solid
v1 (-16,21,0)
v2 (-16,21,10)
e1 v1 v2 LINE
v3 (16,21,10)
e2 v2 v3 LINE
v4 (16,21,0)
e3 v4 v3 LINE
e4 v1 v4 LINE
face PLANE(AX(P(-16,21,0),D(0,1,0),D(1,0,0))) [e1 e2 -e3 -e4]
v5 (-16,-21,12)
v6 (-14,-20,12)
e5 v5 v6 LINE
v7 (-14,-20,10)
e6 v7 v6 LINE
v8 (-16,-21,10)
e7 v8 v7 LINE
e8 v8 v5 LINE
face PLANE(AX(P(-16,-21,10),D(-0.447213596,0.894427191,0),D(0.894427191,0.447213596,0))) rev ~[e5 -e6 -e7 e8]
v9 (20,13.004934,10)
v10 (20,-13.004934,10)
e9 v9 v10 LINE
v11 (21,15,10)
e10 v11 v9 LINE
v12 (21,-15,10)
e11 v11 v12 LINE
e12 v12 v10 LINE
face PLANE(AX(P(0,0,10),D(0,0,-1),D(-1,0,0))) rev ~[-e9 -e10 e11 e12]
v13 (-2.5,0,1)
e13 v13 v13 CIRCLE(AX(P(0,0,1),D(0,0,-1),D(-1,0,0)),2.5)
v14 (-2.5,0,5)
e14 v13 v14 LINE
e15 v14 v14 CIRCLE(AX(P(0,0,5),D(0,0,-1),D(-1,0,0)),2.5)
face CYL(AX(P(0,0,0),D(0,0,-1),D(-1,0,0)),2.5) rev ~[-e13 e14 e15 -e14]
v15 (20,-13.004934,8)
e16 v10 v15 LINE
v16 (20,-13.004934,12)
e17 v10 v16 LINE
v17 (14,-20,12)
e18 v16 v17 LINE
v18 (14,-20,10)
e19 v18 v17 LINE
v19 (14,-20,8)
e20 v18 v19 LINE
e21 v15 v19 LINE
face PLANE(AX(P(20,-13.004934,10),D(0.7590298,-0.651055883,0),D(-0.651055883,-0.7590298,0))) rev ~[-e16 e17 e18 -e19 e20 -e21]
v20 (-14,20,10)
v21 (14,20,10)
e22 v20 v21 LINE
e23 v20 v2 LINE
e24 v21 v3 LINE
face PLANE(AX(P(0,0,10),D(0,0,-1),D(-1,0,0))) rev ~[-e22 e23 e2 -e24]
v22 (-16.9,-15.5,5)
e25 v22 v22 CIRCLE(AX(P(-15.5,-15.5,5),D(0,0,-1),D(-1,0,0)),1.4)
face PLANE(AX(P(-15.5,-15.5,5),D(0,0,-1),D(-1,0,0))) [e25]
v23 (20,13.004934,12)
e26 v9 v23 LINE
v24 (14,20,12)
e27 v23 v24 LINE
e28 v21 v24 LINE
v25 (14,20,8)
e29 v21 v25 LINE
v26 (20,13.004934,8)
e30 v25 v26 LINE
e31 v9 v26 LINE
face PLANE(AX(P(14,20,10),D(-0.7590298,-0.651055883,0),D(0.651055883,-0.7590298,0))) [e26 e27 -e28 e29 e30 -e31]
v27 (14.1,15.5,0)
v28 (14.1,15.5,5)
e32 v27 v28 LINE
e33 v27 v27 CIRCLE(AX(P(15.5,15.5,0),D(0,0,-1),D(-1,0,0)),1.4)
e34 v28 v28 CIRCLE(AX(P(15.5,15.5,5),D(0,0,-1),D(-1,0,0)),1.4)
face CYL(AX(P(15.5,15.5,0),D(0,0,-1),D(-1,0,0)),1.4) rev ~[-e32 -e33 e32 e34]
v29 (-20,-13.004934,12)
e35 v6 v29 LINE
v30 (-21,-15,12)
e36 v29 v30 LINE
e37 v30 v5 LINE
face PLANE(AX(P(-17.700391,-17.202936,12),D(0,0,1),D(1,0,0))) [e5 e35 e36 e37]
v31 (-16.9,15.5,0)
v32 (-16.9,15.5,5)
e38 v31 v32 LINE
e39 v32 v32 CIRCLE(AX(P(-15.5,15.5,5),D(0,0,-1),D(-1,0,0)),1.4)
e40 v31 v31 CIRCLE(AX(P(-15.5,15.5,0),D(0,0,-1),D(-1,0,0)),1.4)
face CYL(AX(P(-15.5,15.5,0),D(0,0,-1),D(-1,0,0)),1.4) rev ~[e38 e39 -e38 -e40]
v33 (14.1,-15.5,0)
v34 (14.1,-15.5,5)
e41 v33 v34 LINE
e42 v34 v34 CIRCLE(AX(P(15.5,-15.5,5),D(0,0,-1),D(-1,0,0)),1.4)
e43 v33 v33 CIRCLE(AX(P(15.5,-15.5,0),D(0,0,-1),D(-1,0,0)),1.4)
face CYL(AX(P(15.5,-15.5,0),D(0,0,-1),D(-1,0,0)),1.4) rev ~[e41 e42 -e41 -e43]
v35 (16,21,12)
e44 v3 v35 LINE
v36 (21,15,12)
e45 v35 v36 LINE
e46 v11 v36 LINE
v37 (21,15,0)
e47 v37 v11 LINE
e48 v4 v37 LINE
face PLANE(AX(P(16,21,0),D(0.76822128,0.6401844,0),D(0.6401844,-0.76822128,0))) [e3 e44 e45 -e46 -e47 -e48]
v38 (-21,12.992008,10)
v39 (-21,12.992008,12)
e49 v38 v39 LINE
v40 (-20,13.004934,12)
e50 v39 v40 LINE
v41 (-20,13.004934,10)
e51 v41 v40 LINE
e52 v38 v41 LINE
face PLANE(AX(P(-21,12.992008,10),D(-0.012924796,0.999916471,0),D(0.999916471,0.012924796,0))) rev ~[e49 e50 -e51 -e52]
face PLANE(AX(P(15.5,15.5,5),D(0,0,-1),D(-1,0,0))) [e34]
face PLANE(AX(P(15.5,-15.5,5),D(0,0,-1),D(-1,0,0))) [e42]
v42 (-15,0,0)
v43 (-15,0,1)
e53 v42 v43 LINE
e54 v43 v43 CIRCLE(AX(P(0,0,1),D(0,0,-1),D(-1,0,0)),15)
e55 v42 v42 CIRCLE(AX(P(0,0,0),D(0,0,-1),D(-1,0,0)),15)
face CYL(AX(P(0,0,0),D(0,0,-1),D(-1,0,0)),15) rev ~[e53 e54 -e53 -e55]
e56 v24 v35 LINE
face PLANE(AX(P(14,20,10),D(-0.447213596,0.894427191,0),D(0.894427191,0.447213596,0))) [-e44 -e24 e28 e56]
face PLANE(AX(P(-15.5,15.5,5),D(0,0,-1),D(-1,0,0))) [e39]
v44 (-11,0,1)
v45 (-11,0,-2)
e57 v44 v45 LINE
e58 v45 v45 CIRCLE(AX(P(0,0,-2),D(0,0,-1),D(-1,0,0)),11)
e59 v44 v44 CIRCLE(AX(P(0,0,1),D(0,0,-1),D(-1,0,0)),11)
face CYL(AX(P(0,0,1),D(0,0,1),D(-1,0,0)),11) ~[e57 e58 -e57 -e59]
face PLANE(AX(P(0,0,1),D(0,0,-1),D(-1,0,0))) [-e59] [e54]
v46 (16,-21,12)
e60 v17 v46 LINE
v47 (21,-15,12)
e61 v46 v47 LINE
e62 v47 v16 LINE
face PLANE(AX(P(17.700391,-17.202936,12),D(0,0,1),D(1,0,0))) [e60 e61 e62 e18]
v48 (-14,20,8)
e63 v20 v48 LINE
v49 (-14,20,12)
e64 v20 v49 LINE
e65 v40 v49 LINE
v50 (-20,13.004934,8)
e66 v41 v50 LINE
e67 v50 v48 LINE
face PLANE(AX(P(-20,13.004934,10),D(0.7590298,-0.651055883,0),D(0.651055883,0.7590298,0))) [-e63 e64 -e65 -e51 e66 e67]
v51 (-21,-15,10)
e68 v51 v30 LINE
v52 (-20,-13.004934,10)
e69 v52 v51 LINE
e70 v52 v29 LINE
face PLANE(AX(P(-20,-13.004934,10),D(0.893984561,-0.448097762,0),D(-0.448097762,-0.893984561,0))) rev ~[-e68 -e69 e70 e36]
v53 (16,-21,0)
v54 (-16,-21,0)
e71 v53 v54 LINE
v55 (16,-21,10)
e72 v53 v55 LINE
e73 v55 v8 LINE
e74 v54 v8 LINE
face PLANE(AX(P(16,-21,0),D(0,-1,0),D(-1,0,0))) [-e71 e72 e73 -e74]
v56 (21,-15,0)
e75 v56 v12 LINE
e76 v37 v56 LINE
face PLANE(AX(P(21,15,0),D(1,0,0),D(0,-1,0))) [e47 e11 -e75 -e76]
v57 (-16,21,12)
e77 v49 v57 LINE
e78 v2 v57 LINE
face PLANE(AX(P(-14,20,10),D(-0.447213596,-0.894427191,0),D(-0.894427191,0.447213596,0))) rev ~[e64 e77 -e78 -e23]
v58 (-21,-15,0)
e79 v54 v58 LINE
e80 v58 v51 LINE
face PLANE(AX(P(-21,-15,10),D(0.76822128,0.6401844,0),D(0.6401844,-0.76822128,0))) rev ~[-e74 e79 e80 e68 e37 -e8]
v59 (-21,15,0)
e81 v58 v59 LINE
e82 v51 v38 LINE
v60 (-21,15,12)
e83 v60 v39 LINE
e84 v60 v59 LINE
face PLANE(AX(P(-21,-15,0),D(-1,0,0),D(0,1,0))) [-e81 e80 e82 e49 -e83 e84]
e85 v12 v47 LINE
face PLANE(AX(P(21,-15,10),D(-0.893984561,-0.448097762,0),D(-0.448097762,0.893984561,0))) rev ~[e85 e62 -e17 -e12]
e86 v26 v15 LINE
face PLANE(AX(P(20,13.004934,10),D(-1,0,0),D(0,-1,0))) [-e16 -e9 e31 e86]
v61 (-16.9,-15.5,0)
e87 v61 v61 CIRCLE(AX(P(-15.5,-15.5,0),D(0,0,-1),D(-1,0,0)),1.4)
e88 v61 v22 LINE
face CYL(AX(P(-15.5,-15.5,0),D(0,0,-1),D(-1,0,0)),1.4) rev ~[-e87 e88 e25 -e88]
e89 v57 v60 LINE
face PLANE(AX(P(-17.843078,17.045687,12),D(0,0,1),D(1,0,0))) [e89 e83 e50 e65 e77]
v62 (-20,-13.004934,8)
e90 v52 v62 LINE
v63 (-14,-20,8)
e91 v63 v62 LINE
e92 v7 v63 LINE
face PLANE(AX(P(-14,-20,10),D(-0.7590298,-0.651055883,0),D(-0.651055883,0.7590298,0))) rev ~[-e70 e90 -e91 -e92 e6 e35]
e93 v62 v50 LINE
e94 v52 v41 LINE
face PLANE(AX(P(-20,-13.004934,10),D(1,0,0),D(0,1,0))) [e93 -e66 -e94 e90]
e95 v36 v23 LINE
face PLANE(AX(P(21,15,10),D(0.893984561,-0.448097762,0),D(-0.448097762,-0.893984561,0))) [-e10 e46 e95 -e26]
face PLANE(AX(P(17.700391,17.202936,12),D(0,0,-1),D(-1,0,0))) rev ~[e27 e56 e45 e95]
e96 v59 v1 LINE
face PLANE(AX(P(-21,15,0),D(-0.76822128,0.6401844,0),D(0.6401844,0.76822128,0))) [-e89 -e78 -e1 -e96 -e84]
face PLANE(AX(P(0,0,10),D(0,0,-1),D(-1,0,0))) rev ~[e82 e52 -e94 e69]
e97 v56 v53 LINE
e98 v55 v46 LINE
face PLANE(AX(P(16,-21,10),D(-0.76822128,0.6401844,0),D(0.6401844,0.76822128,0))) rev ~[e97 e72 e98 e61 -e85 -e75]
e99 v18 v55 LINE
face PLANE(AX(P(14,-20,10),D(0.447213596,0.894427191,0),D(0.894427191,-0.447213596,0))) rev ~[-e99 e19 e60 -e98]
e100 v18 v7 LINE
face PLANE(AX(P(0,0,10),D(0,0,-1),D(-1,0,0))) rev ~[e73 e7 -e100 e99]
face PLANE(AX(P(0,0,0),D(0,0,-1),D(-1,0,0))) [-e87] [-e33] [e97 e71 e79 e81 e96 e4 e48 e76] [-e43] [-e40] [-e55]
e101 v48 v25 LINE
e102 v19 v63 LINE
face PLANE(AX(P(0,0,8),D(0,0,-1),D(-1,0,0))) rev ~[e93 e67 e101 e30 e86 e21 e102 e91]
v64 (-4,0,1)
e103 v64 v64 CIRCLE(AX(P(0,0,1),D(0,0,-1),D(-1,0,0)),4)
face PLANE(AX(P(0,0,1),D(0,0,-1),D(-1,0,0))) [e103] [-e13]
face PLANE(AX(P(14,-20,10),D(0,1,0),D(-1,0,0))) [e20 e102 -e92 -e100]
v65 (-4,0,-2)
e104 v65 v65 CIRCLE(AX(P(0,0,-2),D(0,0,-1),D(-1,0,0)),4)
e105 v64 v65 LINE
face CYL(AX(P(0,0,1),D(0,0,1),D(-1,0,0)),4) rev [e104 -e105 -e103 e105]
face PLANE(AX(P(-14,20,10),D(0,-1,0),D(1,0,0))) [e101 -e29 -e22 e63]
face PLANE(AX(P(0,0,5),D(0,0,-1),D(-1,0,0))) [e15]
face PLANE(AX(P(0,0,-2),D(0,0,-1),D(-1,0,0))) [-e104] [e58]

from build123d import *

# Parameters (mm, degrees)
SALIENTE_EXTRUIR1_DEPTH = 10
CORTAR_EXTRUIR1_DEPTH   = 2
SALIENTE_EXTRUIR2_DEPTH = 2
CROQUIS5_R              = 1.4
CROQUIS5_R_2            = 2.5
CORTAR_EXTRUIR2_DEPTH   = 5
CROQUIS6_R              = 15
CORTAR_EXTRUIR3_DEPTH   = 1
CROQUIS7_R              = 11
CROQUIS7_R_2            = 4
SALIENTE_EXTRUIR3_DEPTH = 3


with BuildPart() as part:
    # Croquis2 → Saliente-Extruir1 (new body)
    with BuildSketch(Plane.XY):
        Polygon((-16, 21), (16, 21), (21, 15), (21, -15), (16, -21), (-16, -21), (-21, -15), (-21, 15), align=None)
    extrude(amount=SALIENTE_EXTRUIR1_DEPTH)

    # Croquis3 → Cortar-Extruir1 (cut)
    with BuildSketch(Plane.XY.offset(10)):
        Polygon((-14, 20), (14, 20), (20, 13.004934109), (20, -13.004934109), (14, -20), (-14, -20), (-20, -13.004934109), (-20, 13.004934109), align=None)
    extrude(amount=-CORTAR_EXTRUIR1_DEPTH, mode=Mode.SUBTRACT)

    # Croquis4 → Saliente-Extruir2 (add)
    with BuildSketch(Plane.XY.offset(10)):
        Polygon((-16, -21), (-14, -20), (-20, -13.004934109), (-21, -15), align=None)
        Polygon((-20, 13.004934109), (-14, 20), (-16, 21), (-21, 15), (-21, 12.992008233), align=None)
        Polygon((16, 21), (21, 15), (20, 13.004934109), (14, 20), align=None)
        Polygon((16, -21), (21, -15), (20, -13.004934109), (14, -20), align=None)
    extrude(amount=SALIENTE_EXTRUIR2_DEPTH)

    # Croquis5 → Cortar-Extruir2 (cut)
    with BuildSketch(Plane(origin=(0, 0, 0), x_dir=(-1, 0, 0), z_dir=(0, 0, -1))):
        with Locations((15.5, 15.5)):
            Circle(CROQUIS5_R)
        with Locations((-15.5, 15.5)):
            Circle(CROQUIS5_R)
        with Locations((15.5, -15.5)):
            Circle(CROQUIS5_R)
        with Locations((-15.5, -15.5)):
            Circle(CROQUIS5_R)
        Circle(CROQUIS5_R_2)
    extrude(amount=-CORTAR_EXTRUIR2_DEPTH, mode=Mode.SUBTRACT)

    # Croquis6 → Cortar-Extruir3 (cut)
    with BuildSketch(Plane(origin=(0, 0, 0), x_dir=(-1, 0, 0), z_dir=(0, 0, -1))):
        Circle(CROQUIS6_R)
    extrude(amount=-CORTAR_EXTRUIR3_DEPTH, mode=Mode.SUBTRACT)

    # Croquis7 → Saliente-Extruir3 (add)
    with BuildSketch(Plane(origin=(0, 0, 1), x_dir=(-1, 0, 0), z_dir=(0, 0, -1))):
        Circle(CROQUIS7_R)
        Circle(CROQUIS7_R_2, mode=Mode.SUBTRACT)
    extrude(amount=SALIENTE_EXTRUIR3_DEPTH)


solid = part.part
